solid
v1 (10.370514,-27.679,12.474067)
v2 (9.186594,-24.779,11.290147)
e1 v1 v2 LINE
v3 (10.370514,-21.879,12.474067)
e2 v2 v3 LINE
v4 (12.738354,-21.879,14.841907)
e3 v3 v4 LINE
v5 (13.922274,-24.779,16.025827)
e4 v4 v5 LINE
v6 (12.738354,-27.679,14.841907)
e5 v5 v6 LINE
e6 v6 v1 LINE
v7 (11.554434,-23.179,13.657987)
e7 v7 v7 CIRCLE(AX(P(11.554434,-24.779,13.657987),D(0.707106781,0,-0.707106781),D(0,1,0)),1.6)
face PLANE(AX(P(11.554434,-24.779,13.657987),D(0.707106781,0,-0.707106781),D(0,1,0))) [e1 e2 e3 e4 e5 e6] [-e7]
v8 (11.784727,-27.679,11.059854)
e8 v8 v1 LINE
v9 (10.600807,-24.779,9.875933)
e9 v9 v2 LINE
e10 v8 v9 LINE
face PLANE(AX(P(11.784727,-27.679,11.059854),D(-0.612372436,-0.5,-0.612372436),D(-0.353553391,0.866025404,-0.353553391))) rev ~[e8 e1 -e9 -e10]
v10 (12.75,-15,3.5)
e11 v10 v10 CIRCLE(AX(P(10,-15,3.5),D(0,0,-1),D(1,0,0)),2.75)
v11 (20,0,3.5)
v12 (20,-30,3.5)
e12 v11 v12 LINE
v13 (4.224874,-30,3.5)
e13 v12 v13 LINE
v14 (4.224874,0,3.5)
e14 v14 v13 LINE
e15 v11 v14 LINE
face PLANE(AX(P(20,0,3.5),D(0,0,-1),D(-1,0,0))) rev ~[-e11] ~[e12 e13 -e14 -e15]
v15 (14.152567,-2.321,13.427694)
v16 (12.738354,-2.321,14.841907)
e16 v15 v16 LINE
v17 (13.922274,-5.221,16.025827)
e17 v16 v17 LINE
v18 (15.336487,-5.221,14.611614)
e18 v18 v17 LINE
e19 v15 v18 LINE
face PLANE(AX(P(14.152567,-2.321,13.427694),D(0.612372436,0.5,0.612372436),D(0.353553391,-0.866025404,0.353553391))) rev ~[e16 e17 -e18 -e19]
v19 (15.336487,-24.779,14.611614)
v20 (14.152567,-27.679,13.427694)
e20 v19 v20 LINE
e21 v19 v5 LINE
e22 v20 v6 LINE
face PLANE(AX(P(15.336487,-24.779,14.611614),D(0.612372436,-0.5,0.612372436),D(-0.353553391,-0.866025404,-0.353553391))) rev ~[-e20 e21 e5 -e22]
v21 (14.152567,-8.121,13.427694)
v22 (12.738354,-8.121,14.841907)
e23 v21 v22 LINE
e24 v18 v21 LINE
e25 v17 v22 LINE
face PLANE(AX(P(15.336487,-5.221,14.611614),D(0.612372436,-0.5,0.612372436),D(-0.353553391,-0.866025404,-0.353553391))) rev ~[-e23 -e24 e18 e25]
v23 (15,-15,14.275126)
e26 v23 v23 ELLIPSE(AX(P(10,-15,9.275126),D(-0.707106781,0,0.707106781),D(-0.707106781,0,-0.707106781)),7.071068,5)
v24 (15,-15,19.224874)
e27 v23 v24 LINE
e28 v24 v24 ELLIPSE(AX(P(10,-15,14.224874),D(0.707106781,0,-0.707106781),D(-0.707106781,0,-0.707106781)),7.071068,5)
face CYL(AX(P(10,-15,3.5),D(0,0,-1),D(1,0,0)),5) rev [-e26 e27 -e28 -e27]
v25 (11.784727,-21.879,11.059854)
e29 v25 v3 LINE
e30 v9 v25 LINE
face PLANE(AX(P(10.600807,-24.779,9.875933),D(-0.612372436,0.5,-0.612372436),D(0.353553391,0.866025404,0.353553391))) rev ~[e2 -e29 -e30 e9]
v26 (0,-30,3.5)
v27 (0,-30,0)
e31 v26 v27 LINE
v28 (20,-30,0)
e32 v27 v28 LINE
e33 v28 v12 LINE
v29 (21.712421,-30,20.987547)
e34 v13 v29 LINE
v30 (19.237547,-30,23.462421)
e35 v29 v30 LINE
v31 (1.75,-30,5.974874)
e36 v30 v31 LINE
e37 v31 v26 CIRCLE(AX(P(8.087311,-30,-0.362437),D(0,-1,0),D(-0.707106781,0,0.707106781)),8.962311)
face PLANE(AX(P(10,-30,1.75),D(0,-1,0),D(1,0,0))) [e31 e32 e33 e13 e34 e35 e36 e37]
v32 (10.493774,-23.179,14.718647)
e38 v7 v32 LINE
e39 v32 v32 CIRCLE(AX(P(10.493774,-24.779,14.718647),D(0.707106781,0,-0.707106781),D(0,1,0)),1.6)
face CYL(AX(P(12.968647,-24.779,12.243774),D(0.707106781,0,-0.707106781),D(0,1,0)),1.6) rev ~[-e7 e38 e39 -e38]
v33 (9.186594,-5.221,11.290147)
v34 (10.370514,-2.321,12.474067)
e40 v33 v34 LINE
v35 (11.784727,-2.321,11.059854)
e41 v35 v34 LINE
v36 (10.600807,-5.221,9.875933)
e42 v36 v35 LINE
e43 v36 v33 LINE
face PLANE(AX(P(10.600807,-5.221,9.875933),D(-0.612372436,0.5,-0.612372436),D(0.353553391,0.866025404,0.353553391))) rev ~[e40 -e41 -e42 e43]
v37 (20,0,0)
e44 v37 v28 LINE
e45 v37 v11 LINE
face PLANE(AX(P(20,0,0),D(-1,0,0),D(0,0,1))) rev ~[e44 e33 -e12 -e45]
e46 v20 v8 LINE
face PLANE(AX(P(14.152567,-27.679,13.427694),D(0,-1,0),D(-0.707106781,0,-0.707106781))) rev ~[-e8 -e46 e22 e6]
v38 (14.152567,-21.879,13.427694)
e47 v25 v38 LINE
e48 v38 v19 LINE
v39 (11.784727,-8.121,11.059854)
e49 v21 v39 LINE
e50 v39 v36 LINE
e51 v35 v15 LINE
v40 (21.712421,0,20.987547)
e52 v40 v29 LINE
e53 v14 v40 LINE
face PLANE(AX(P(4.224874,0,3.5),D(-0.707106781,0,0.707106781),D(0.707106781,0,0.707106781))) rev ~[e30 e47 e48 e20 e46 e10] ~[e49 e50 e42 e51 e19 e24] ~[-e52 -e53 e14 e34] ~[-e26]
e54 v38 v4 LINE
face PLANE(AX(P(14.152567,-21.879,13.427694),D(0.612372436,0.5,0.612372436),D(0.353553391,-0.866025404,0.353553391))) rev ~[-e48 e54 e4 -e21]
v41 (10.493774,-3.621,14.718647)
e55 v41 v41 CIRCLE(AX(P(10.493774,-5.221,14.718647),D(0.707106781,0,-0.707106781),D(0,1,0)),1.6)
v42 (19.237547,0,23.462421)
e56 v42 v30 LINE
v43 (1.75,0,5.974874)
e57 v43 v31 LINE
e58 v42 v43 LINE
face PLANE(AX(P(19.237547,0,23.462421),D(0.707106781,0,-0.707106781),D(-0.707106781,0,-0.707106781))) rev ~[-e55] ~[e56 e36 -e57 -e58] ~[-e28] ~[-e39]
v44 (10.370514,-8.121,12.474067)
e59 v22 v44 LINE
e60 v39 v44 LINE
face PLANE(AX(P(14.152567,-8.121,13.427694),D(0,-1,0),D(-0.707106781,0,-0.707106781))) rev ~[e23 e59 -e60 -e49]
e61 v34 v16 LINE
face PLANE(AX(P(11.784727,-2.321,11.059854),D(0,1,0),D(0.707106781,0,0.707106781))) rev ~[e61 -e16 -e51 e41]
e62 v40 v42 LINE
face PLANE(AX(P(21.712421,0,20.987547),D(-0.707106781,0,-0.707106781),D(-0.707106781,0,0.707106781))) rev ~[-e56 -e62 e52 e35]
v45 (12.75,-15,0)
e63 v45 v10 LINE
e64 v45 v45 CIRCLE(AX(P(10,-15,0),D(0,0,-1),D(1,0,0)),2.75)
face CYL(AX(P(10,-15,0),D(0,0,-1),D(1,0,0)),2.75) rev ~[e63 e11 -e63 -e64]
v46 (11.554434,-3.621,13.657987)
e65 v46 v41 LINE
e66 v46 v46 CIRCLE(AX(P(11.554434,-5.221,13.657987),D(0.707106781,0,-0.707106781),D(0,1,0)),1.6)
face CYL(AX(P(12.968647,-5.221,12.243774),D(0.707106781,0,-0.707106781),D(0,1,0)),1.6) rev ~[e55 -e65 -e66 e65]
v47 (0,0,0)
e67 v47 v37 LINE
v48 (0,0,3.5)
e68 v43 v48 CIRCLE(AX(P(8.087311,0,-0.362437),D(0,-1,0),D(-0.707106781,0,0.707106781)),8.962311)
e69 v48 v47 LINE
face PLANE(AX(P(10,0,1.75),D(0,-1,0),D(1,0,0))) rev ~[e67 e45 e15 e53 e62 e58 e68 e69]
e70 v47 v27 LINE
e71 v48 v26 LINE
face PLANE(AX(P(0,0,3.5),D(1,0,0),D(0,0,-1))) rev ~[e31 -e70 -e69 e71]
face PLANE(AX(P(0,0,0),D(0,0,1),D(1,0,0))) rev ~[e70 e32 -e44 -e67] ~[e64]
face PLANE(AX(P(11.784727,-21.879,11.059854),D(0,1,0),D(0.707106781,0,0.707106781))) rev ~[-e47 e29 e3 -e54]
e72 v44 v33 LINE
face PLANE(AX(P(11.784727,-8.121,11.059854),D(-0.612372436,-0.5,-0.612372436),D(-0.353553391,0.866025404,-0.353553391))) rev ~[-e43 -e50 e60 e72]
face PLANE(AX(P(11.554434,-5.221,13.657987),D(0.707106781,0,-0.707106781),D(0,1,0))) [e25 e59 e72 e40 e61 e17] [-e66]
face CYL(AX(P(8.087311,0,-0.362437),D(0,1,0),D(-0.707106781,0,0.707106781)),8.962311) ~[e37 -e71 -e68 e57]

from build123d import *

# Parameters (mm, degrees)
F1_DEPTH = 30
F2_R     = 2.75
F3_DEPTH = 3.5
F4_R     = 5
F5_DEPTH = 16.7248737342
F6_R     = 1.6
F7_DEPTH = 3.5
F8_DEPTH = 2


with BuildPart() as f1:
    # F0 (on Front) → F1 (new body)
    with BuildSketch(Plane.XZ):
        Polygon((0, 3.5), (0, 0), (20, 0), (20, 3.5), (4.2248737342, 3.5), align=None)
        with BuildLine():
            ThreePointArc((1.75, 5.9748737342), (0.7696146381, 4.8119555711), (0, 3.5))
            Line((0, 3.5), (4.2248737342, 3.5))
            Line((4.2248737342, 3.5), (1.75, 5.9748737342))
        make_face()
        Polygon((1.75, 5.9748737342), (4.2248737342, 3.5), (21.7124208231, 20.987547089), (19.237547089, 23.4624208231), align=None)
    extrude(amount=F1_DEPTH)

    # F2 (on face) → F3 (cut, through all)
    with BuildSketch(Plane(origin=(0, 0, 0), x_dir=(1, 0, 0), z_dir=(0, 0, -1))):
        with Locations((10, 15)):
            Circle(F2_R)
    extrude(amount=-F3_DEPTH, mode=Mode.SUBTRACT)

    # F4 (on face) → F5 (cut, up to face)
    with BuildSketch(Plane.XY.offset(3.5)):
        with Locations((10, -15)):
            Circle(F4_R)
    extrude(amount=F5_DEPTH, mode=Mode.SUBTRACT)

    # F6 (on face) → F7 (cut, through all)
    with BuildSketch(Plane(origin=(0.3624368671, 0, -0.3624368671), x_dir=(0, 1, 0), z_dir=(0.7071067812, 0, -0.7071067812))):
        with Locations((-5.221, 17.8278737342)):
            Circle(F6_R)
        with Locations((-24.779, 17.8278737342)):
            Circle(F6_R)
    extrude(amount=-F7_DEPTH, mode=Mode.SUBTRACT)

    # F6 (on face) → F8 (cut)
    with BuildSketch(Plane(origin=(0.3624368671, 0, -0.3624368671), x_dir=(0, 1, 0), z_dir=(0.7071067812, 0, -0.7071067812))):
        Polygon((-21.879, 19.5021895148), (-24.779, 21.1765052955), (-27.679, 19.5021895148), (-27.679, 16.1535579535), (-24.779, 14.4792421729), (-21.879, 16.1535579535), align=None)
        with Locations((-24.779, 17.8278737342)):
            Circle(F6_R, mode=Mode.SUBTRACT)
        Polygon((-8.121, 16.1535579535), (-5.221, 14.4792421729), (-2.321, 16.1535579535), (-2.321, 19.5021895148), (-5.221, 21.1765052955), (-8.121, 19.5021895148), align=None)
        with Locations((-5.221, 17.8278737342)):
            Circle(F6_R, mode=Mode.SUBTRACT)
    extrude(amount=-F8_DEPTH, mode=Mode.SUBTRACT)


solid = f1.part
